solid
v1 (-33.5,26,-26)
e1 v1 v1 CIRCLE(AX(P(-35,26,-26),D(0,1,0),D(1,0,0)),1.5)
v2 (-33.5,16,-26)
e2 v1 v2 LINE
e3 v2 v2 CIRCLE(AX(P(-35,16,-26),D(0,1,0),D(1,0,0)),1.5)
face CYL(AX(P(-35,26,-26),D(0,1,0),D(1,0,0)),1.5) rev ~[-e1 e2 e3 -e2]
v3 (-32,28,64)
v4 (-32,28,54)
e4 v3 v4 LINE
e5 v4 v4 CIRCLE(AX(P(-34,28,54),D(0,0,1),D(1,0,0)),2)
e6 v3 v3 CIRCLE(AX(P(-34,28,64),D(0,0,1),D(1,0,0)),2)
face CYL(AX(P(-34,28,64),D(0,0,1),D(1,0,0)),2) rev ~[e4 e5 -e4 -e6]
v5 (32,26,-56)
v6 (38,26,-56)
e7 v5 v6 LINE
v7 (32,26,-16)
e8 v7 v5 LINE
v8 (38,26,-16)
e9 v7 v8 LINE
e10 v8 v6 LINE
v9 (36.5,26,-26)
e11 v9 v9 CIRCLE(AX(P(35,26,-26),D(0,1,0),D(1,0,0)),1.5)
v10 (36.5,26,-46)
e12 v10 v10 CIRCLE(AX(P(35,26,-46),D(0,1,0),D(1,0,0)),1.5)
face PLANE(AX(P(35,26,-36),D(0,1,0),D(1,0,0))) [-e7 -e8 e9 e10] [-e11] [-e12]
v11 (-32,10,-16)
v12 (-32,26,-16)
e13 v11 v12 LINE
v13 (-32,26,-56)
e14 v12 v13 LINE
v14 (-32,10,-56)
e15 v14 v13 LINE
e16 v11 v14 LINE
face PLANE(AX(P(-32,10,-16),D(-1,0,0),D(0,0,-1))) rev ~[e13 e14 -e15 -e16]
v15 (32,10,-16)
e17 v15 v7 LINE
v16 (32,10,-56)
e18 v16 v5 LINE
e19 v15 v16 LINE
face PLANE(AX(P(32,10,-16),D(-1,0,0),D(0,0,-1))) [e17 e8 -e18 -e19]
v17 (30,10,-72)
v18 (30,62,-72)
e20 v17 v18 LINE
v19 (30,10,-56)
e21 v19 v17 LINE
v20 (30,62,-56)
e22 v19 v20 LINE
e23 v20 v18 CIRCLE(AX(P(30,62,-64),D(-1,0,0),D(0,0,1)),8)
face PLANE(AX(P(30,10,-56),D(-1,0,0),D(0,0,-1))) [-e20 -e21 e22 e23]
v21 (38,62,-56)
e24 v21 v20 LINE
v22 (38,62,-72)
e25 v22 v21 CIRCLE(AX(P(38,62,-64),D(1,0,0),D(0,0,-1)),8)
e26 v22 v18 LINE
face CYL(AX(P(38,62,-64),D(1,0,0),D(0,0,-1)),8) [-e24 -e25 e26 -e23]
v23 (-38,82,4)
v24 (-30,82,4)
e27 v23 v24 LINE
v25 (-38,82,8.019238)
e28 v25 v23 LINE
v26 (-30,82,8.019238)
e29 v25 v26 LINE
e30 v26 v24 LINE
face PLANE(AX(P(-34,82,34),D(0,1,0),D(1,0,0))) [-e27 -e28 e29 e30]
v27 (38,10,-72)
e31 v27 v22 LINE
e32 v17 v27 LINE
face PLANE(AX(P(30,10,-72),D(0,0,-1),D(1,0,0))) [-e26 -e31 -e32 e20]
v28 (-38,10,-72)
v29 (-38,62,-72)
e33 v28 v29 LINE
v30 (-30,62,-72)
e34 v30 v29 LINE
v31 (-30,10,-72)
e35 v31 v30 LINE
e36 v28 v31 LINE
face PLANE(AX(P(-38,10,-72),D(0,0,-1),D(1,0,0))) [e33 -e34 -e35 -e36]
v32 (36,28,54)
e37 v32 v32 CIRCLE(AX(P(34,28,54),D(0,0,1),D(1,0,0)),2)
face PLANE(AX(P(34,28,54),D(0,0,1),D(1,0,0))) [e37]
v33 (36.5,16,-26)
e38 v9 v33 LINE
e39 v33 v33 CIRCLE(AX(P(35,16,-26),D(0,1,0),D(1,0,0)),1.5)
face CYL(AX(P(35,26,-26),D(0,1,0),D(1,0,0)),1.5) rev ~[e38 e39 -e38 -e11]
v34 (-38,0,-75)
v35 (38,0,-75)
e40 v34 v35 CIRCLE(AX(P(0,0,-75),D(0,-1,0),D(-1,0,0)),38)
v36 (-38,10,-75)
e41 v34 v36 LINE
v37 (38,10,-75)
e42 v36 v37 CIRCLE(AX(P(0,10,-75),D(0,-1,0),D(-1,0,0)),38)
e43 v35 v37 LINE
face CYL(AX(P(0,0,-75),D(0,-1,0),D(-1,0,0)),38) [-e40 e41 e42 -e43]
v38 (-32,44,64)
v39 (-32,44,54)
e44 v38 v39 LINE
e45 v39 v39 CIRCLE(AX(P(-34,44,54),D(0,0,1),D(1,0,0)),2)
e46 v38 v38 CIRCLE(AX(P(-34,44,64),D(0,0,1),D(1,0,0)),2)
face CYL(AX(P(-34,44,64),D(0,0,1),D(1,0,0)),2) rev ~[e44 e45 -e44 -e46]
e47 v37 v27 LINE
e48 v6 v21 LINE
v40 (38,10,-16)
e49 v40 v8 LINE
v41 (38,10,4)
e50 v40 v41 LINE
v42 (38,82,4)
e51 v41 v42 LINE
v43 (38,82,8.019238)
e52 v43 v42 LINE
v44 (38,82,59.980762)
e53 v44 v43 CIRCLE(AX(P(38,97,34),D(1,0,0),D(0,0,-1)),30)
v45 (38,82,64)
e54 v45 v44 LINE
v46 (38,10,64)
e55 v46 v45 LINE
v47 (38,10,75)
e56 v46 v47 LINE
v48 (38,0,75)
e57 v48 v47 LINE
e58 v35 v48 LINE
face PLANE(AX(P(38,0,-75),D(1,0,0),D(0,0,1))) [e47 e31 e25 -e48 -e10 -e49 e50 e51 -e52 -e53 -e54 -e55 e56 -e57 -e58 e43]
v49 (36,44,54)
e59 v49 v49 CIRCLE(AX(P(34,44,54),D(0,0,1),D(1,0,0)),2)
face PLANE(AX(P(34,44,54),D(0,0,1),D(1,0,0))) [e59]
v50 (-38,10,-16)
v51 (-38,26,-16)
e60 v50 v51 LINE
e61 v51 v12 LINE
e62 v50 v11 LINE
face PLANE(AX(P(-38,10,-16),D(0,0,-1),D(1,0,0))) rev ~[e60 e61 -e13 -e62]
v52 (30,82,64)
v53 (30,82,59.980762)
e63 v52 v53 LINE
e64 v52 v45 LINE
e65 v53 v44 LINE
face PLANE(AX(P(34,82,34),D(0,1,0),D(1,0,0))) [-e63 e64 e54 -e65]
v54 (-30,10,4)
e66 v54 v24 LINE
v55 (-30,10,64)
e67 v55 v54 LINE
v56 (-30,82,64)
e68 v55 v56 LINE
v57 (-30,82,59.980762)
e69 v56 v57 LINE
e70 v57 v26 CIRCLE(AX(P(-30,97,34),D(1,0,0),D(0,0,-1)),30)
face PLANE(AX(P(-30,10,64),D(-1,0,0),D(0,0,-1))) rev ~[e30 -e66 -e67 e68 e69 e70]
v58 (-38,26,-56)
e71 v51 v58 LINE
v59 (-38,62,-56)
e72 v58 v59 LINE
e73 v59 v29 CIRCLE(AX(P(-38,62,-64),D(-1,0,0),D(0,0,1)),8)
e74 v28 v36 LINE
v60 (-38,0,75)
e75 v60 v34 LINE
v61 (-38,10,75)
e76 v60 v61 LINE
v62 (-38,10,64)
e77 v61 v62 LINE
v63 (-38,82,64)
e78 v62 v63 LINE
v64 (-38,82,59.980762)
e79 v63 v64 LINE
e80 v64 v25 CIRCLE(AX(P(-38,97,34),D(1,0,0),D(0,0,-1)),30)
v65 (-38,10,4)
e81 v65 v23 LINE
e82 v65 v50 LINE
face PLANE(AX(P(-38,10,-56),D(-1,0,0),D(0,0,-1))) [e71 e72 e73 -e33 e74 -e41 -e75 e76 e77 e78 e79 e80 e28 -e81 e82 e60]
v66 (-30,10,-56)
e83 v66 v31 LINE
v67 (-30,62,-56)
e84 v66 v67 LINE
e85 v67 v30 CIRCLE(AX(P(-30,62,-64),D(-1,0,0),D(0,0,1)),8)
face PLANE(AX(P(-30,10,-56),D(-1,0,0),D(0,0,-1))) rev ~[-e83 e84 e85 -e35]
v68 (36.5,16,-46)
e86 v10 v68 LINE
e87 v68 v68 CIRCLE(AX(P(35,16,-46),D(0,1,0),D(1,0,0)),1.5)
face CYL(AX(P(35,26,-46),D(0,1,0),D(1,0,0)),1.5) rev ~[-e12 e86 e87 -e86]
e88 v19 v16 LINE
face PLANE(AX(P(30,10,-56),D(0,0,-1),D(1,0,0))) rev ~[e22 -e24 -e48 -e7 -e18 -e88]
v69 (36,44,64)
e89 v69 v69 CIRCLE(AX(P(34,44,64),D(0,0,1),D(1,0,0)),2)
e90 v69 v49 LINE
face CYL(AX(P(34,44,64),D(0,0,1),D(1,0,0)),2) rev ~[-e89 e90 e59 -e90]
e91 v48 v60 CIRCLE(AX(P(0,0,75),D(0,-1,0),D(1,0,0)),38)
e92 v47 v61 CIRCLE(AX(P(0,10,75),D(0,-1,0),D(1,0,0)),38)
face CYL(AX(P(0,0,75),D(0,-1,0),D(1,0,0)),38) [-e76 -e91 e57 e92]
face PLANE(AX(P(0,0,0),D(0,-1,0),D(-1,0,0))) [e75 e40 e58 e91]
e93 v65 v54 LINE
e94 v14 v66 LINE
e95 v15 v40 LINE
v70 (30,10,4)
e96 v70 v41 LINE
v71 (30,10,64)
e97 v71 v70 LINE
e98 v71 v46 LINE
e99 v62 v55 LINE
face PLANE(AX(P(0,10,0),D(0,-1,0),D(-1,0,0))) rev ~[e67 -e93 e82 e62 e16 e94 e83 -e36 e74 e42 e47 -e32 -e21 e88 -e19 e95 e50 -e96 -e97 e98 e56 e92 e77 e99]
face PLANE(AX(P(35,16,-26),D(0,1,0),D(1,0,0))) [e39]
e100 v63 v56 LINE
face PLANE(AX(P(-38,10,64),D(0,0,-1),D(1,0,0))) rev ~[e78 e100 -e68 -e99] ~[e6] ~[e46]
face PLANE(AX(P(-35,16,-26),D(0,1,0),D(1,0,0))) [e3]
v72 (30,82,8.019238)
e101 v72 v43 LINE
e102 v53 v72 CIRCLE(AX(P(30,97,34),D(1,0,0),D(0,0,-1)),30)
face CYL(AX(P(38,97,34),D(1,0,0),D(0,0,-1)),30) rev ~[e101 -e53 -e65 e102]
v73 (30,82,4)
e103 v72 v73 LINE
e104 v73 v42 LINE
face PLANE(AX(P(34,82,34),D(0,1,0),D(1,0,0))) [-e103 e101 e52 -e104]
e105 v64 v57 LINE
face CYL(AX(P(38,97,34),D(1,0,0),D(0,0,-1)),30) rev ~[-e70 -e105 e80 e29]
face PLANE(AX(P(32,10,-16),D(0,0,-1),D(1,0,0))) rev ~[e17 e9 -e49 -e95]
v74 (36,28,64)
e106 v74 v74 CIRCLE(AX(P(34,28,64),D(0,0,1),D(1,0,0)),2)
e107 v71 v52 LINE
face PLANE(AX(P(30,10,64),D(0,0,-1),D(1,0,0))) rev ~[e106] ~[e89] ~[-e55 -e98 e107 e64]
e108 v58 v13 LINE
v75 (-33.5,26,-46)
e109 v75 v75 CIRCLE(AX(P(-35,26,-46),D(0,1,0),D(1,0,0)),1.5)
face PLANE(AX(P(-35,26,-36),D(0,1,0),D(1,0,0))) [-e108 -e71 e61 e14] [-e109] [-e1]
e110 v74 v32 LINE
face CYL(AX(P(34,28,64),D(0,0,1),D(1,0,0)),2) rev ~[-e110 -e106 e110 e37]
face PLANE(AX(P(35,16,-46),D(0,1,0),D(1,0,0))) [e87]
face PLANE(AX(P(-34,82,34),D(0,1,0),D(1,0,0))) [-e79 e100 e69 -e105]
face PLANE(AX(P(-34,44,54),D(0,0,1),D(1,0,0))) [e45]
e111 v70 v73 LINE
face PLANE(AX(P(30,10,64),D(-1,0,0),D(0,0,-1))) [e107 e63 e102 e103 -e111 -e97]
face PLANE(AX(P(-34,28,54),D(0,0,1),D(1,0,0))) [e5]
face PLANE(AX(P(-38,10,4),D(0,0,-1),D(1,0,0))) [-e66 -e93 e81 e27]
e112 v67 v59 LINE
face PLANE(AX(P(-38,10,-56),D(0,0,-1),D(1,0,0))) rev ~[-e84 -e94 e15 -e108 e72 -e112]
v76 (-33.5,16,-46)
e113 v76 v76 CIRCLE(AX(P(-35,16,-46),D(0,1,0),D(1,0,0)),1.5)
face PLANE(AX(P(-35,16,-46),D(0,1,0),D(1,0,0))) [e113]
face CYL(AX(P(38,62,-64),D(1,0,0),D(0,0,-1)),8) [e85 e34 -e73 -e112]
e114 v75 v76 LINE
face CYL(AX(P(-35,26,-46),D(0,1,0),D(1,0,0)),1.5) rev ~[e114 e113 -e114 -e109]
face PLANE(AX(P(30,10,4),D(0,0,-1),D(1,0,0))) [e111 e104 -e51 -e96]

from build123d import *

# Parameters (mm, degrees)
EXTRUDE_1_DEPTH     = 10
SKETCH_3_W          = 8
SKETCH_3_H          = 60
EXTRUDE_2_DEPTH     = 72
SKETCH_4_W          = 6
SKETCH_4_H          = 40
EXTRUDE_3_DEPTH     = 16
SKETCH_5_R          = 30
CUT_EXTRUDE_1_DEPTH = 77
SKETCH_6_R          = 2
CUT_EXTRUDE_2_DEPTH = 10
SKETCH_7_R          = 1.5
CUT_EXTRUDE_3_DEPTH = 10
SKETCH_8_W          = 8
SKETCH_8_H          = 16
EXTRUDE_4_DEPTH     = 60
CUT_EXTRUDE_4_DEPTH = 77


with BuildPart() as part:
    # 草图1 → 凸台-拉伸1 (new body)
    with BuildSketch(Plane(origin=(0, 0, 0), x_dir=(1, 0, 0), z_dir=(0, 1, 0))):
        with BuildLine():
            Line((-38, -75), (-38, 75))
            ThreePointArc((-38, 75), (0, 113), (38, 75))
            Line((38, 75), (38, -75))
            ThreePointArc((38, -75), (0, -113), (-38, -75))
        make_face()
    extrude(amount=EXTRUDE_1_DEPTH)

    # 草图3 → 凸台-拉伸2 (add)
    with BuildSketch(Plane(origin=(0, 10, 0), x_dir=(1, 0, 0), z_dir=(0, 1, 0))):
        with Locations((-34, -34)):
            Rectangle(SKETCH_3_W, SKETCH_3_H)
        with Locations((34, -34)):
            Rectangle(SKETCH_3_W, SKETCH_3_H)
    extrude(amount=EXTRUDE_2_DEPTH)

    # 草图4 → 凸台-拉伸3 (add)
    with BuildSketch(Plane(origin=(0, 10, 0), x_dir=(1, 0, 0), z_dir=(0, 1, 0))):
        with Locations((-35, 36)):
            Rectangle(SKETCH_4_W, SKETCH_4_H)
        with Locations((35, 36)):
            Rectangle(SKETCH_4_W, SKETCH_4_H)
    extrude(amount=EXTRUDE_3_DEPTH)

    # 草图5 → 切除-拉伸1 (cut, through all)
    with BuildSketch(Plane(origin=(38, 0, 0), x_dir=(0, 0, -1), z_dir=(1, 0, 0))):
        with Locations((-34, 97)):
            Circle(SKETCH_5_R)
    extrude(amount=-CUT_EXTRUDE_1_DEPTH, mode=Mode.SUBTRACT)

    # 草图6 → 切除-拉伸2 (cut)
    with BuildSketch(Plane.XY.offset(64)):
        with Locations((-34, 44)):
            Circle(SKETCH_6_R)
        with Locations((-34, 28)):
            Circle(SKETCH_6_R)
        with Locations((34, 44)):
            Circle(SKETCH_6_R)
        with Locations((34, 28)):
            Circle(SKETCH_6_R)
    extrude(amount=-CUT_EXTRUDE_2_DEPTH, mode=Mode.SUBTRACT)

    # 草图7 → 切除-拉伸3 (cut)
    with BuildSketch(Plane(origin=(0, 26, 0), x_dir=(1, 0, 0), z_dir=(0, 1, 0))):
        with Locations((-35, 26)):
            Circle(SKETCH_7_R)
        with Locations((-35, 46)):
            Circle(SKETCH_7_R)
        with Locations((35, 26)):
            Circle(SKETCH_7_R)
        with Locations((35, 46)):
            Circle(SKETCH_7_R)
    extrude(amount=-CUT_EXTRUDE_3_DEPTH, mode=Mode.SUBTRACT)

    # 草图8 → 凸台-拉伸4 (add)
    with BuildSketch(Plane(origin=(0, 10, 0), x_dir=(1, 0, 0), z_dir=(0, 1, 0))):
        with Locations((-34, 64)):
            Rectangle(SKETCH_8_W, SKETCH_8_H)
        with Locations((34, 64)):
            Rectangle(SKETCH_8_W, SKETCH_8_H)
    extrude(amount=EXTRUDE_4_DEPTH)

    # 草图9 → 切除-拉伸4 (cut, through all)
    with BuildSketch(Plane(origin=(38, 0, 0), x_dir=(0, 0, -1), z_dir=(1, 0, 0))):
        with BuildLine():
            Line((56, 62), (56, 75))
            Line((56, 75), (72, 75))
            Line((72, 75), (72, 62))
            ThreePointArc((72, 62), (64, 70), (56, 62))
        make_face()
    extrude(amount=-CUT_EXTRUDE_4_DEPTH, mode=Mode.SUBTRACT)


solid = part.part
